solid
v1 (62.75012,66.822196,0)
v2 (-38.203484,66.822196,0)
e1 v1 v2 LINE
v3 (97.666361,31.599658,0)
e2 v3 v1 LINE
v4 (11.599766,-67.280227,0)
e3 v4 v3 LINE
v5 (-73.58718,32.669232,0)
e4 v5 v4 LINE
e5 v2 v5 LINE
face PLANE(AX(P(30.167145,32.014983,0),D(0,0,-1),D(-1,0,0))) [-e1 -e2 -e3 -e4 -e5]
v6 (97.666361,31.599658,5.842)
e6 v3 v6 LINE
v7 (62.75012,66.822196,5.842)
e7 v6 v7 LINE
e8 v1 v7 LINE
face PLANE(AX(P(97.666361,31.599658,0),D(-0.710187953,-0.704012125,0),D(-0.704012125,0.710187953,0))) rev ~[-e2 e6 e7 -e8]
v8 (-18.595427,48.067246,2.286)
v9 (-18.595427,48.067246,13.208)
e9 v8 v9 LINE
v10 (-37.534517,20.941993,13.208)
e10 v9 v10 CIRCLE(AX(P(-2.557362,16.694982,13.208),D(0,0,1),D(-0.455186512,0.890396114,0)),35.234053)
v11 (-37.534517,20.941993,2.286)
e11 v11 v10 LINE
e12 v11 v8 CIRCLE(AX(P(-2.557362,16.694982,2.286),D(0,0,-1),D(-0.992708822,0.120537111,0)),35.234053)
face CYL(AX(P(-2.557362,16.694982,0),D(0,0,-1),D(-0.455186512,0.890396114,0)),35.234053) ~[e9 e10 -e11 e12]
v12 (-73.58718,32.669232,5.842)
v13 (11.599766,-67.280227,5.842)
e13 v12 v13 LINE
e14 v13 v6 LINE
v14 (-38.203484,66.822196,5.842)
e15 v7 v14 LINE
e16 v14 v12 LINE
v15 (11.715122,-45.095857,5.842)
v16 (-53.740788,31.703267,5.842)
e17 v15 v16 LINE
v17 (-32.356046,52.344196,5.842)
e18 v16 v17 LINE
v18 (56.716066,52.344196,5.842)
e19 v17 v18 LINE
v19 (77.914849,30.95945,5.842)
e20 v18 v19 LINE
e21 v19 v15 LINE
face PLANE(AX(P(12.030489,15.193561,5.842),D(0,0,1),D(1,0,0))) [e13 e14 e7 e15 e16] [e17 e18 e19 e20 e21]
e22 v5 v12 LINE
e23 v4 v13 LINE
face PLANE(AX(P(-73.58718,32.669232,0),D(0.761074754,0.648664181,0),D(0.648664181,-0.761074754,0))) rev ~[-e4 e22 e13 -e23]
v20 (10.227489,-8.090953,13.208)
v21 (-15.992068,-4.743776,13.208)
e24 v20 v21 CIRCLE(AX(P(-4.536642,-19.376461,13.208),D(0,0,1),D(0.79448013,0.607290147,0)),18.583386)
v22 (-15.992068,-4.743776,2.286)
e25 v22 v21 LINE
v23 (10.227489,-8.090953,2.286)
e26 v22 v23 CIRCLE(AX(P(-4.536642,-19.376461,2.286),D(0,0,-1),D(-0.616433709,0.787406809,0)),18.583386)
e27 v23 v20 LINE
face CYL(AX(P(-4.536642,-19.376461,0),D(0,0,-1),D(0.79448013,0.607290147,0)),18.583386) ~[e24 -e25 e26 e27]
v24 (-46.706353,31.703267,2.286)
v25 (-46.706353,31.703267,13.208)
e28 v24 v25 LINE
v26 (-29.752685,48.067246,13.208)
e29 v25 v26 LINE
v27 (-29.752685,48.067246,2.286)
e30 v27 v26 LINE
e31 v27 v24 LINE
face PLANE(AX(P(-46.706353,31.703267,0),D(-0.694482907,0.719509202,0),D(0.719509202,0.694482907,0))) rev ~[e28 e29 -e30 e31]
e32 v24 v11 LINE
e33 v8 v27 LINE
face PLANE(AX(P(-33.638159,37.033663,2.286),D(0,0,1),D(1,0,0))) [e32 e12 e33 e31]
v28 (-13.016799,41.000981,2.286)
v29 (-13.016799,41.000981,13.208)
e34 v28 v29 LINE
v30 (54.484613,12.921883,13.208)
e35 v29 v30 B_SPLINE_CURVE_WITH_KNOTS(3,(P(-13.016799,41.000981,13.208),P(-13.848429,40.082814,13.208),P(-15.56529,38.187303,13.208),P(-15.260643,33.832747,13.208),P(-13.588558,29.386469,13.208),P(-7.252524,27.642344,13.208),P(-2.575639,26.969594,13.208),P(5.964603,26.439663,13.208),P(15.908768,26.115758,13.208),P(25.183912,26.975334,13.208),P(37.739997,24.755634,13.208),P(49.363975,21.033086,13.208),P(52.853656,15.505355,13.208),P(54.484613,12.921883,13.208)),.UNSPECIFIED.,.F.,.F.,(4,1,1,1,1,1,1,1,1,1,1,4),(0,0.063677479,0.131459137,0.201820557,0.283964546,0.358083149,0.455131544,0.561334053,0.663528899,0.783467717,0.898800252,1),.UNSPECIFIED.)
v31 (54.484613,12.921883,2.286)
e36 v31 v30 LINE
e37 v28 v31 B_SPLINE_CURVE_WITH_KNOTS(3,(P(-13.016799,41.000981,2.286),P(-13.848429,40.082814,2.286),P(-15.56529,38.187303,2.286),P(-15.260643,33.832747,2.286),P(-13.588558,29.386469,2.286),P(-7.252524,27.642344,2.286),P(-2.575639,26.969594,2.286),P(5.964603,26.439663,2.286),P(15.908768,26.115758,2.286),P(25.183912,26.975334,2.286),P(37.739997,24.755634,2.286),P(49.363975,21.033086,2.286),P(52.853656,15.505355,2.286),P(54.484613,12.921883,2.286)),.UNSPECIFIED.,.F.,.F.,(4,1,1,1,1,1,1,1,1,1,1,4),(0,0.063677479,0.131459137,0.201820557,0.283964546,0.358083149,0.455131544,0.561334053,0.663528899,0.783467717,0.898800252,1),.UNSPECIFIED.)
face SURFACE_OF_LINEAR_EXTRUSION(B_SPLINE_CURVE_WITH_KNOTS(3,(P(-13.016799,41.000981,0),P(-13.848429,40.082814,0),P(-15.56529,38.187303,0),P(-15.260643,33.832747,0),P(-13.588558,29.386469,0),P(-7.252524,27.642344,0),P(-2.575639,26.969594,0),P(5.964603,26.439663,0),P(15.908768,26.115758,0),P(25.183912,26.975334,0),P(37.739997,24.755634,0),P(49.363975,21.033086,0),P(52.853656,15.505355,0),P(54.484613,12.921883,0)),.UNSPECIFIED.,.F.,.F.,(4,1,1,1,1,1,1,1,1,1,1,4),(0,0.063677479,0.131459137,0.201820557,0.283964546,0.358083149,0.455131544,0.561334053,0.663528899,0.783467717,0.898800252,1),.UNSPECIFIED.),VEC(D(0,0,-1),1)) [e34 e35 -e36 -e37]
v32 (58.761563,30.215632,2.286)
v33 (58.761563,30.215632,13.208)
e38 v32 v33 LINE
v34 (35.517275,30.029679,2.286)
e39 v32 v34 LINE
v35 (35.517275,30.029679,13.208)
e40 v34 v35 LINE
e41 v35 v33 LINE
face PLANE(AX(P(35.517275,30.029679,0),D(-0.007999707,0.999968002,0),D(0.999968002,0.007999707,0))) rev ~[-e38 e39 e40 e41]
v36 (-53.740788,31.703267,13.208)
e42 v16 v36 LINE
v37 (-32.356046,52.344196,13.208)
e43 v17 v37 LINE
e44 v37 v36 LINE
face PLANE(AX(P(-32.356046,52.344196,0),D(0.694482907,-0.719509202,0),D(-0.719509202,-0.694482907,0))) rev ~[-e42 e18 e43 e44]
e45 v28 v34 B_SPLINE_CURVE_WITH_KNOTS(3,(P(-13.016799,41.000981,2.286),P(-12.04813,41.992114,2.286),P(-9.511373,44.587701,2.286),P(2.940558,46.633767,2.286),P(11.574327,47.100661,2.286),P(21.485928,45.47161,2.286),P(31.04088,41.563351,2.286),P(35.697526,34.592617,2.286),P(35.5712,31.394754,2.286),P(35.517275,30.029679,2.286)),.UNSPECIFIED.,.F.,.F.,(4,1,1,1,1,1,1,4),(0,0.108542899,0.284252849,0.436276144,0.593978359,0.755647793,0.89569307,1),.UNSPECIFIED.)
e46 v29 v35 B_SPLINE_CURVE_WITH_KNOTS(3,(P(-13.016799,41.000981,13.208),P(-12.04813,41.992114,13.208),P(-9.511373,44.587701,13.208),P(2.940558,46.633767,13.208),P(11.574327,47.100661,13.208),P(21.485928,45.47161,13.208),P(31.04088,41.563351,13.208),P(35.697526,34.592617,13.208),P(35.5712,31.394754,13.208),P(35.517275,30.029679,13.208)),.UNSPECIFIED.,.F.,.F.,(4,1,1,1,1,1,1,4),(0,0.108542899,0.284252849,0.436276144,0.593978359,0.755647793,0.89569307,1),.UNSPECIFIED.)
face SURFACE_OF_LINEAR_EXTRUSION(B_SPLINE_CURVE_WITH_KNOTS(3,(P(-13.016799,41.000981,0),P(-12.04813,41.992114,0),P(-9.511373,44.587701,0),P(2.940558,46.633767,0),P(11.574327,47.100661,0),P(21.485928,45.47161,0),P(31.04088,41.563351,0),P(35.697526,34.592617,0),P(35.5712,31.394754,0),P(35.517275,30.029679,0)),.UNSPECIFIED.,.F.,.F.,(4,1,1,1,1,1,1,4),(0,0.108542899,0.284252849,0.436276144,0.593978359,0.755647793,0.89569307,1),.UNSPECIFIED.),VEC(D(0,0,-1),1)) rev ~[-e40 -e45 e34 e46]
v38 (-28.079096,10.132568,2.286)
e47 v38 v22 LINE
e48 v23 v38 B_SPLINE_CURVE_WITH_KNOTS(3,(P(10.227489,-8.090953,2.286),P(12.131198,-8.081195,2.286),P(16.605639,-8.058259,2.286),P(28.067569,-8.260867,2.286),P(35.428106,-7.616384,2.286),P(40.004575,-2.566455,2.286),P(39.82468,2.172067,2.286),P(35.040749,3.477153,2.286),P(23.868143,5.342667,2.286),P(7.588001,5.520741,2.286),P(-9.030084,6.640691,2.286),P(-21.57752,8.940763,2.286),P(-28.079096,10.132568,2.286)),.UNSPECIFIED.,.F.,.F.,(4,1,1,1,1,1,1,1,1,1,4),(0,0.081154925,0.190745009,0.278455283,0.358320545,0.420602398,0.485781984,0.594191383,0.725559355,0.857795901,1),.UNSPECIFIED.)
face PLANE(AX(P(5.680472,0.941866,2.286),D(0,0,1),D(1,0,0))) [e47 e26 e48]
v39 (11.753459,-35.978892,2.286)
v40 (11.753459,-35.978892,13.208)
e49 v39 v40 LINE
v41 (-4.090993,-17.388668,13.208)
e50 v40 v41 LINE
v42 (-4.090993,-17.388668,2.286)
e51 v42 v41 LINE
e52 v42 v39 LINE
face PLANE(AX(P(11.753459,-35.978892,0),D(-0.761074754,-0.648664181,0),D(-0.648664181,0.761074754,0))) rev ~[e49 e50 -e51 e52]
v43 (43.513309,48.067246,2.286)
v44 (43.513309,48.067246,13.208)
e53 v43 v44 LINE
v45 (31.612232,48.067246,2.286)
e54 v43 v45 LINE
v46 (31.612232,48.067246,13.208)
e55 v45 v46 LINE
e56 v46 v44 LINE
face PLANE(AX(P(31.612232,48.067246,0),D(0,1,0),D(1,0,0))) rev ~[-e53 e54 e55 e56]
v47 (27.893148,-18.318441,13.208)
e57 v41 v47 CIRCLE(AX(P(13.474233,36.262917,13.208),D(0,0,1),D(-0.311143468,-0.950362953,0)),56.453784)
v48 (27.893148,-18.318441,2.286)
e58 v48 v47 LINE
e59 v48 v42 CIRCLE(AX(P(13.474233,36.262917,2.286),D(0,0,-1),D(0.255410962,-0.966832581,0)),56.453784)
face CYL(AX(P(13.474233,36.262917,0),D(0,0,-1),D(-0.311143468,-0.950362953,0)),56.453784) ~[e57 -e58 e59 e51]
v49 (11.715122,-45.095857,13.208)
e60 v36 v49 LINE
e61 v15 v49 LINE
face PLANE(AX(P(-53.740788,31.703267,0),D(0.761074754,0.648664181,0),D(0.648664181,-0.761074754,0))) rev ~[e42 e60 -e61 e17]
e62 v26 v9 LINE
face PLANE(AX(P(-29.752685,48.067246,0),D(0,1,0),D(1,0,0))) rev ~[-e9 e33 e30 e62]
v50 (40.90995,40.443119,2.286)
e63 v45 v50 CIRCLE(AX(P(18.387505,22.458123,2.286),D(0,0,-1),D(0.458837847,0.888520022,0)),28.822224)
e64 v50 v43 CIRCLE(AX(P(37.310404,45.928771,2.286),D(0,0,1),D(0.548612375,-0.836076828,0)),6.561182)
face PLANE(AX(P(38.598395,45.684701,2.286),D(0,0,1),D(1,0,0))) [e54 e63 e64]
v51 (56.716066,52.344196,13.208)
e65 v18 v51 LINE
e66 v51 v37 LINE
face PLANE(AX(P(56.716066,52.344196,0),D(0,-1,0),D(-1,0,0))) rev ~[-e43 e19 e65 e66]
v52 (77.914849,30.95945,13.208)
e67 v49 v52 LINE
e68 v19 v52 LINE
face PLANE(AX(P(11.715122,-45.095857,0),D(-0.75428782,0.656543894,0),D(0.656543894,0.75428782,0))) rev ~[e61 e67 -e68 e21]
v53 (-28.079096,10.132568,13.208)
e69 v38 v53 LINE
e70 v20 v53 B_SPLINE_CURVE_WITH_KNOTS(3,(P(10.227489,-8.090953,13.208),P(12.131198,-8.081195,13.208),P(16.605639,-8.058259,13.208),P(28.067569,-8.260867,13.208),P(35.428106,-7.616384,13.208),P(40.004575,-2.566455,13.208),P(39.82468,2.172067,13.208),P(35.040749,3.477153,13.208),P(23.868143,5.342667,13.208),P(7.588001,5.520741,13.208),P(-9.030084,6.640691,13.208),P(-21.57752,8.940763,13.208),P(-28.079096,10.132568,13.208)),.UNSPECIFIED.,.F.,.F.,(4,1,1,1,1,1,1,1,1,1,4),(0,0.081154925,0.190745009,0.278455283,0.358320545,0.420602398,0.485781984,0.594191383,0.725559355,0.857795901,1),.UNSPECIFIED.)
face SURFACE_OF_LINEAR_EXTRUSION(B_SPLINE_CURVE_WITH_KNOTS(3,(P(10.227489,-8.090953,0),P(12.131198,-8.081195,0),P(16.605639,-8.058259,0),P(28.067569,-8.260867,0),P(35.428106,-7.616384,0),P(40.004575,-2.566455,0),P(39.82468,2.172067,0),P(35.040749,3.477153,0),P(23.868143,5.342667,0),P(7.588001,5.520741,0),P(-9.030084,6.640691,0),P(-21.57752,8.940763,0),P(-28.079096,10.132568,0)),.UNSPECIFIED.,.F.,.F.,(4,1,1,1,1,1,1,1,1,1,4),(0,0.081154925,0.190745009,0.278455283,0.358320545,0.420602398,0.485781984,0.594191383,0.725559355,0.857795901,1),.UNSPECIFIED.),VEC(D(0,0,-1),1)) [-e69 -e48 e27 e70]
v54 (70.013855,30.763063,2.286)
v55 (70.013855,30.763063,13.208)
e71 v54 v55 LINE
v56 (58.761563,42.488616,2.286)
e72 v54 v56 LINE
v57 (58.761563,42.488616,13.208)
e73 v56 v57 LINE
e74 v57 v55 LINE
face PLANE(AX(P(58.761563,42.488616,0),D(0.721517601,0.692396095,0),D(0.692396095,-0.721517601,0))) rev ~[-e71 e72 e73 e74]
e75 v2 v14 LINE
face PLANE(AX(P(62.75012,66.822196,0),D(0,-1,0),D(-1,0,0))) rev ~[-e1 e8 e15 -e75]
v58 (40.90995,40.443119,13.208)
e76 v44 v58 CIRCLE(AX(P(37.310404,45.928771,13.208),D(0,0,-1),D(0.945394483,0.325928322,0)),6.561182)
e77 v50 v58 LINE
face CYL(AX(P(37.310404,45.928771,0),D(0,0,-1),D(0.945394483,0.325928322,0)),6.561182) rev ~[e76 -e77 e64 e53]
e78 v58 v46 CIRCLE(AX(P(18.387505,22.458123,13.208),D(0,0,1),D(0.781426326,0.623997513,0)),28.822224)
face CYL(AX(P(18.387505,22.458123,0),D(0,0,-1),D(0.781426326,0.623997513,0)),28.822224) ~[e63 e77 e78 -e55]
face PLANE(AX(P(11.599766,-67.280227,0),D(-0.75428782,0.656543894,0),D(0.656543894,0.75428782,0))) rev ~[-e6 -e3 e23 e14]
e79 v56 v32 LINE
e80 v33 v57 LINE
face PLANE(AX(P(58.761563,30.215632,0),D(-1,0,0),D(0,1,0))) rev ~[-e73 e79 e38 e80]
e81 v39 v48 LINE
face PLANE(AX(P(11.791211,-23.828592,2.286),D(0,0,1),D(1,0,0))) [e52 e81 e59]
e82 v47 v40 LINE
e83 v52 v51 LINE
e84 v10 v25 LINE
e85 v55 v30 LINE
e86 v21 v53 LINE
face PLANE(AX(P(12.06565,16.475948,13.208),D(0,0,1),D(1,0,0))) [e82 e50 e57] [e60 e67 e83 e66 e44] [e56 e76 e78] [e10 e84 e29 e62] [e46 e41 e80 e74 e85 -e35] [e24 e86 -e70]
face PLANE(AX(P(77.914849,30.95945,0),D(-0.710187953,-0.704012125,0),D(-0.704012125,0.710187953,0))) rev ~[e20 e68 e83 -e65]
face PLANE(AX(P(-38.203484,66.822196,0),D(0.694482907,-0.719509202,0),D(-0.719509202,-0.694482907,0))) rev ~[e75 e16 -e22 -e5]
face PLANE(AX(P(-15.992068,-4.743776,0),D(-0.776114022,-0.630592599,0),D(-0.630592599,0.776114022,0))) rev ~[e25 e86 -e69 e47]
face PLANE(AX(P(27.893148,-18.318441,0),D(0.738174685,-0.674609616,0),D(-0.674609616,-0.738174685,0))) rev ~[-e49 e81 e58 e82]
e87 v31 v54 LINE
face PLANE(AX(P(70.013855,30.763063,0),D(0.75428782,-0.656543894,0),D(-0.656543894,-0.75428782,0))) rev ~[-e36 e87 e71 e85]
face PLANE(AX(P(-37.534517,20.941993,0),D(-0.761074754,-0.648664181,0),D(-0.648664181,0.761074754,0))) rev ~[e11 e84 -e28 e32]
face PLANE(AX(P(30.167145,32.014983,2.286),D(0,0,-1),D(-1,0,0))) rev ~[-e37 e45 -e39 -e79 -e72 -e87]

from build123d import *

# Parameters (mm, degrees)
F1_DEPTH = 13.208
F3_DEPTH = 5.842
F4_DEPTH = 2.286


with BuildPart() as f1:
    # F0 (on Top) → F1 (new body)
    with BuildSketch(Plane.XY):
        Polygon((-32.3560461402, 52.3441955447), (-53.7407882512, 31.7032672465), (11.7151224986, -45.0958572328), (77.9148489237, 30.9594497085), (56.7160658538, 52.3441955447), align=None)
        with BuildLine():
            Line((11.7534588652, -35.9788919642), (-4.0909931995, -17.3886679113))
            ThreePointArc((-4.0909931995, -17.3886679113), (11.8338253195, -20.1670289266), (27.8931483626, -18.3184407651))
            Line((27.8931483626, -18.3184407651), (11.7534588652, -35.9788919642))
        make_face(mode=Mode.SUBTRACT)
        with BuildLine():
            Line((-15.9920677543, -4.7437758185), (-28.0790962279, 10.132567957))
            add(Edge.make_bspline(
                [(10.2274892852, -8.0909533426), (12.1311980321, -8.0811949568), (16.6056392449, -8.0582590306), (28.0675694172, -8.260866764), (35.4281055247, -7.6163836537), (40.0045754864, -2.566455147), (39.8246795693, 2.1720673748), (35.0407493301, 3.4771529183), (23.8681432212, 5.3426673719), (7.5880009118, 5.5207412488), (-9.0300836632, 6.6406913012), (-21.5775197413, 8.9407632332), (-28.0790962279, 10.132567957)],
                knots=[0, 0, 0, 0, 0.0811549252, 0.1907450089, 0.2784552829, 0.3583205454, 0.4206023983, 0.4857819839, 0.5941913826, 0.7255593555, 0.8577959011, 1, 1, 1, 1], degree=3))
            ThreePointArc((10.2274892852, -8.0909533426), (-2.1833926559, -0.9426747631), (-15.9920677543, -4.7437758185))
        make_face(mode=Mode.SUBTRACT)
        with BuildLine():
            Line((-29.7526847571, 48.0672456324), (-18.5954272747, 48.0672456324))
            ThreePointArc((-18.5954272747, 48.0672456324), (-31.4465122391, 36.8656402663), (-37.5345167614, 20.9419928048))
            Line((-37.5345167614, 20.9419928048), (-46.7063533439, 31.7032672465))
            Line((-46.7063533439, 31.7032672465), (-29.7526847571, 48.0672456324))
        make_face(mode=Mode.SUBTRACT)
        with BuildLine():
            add(Edge.make_bspline(
                [(-13.0167985335, 41.0009808838), (-13.8484287107, 40.082814319), (-15.565289774, 38.1873029874), (-15.2606426357, 33.832747479), (-13.5885583121, 29.386468667), (-7.2525242916, 27.6423436933), (-2.5756386001, 26.9695936321), (5.9646033503, 26.4396631967), (15.9087676241, 26.1157582849), (25.1839117973, 26.9753343414), (37.7399966402, 24.7556338977), (49.363974562, 21.0330861798), (52.8536560426, 15.5053545774), (54.4846132398, 12.9218827933)],
                knots=[0, 0, 0, 0, 0.0636774795, 0.1314591366, 0.201820557, 0.2839645461, 0.3580831489, 0.4551315435, 0.5613340532, 0.6635288988, 0.7834677165, 0.8988002521, 1, 1, 1, 1], degree=3))
            add(Edge.make_bspline(
                [(-13.0167985335, 41.0009808838), (-12.0481296696, 41.9921143662), (-9.5113733669, 44.5877011576), (2.9405575009, 46.6337667098), (11.5743267132, 47.1006613705), (21.4859282328, 45.4716097171), (31.0408798749, 41.5633506366), (35.6975262534, 34.5926167833), (35.5712002648, 31.3947542592), (35.5172753334, 30.0296787173)],
                knots=[0, 0, 0, 0, 0.1085428993, 0.2842528487, 0.4362761442, 0.593978359, 0.7556477926, 0.8956930701, 1, 1, 1, 1], degree=3))
            Line((35.5172753334, 30.0296787173), (58.7615631521, 30.2156321704))
            Line((58.7615631521, 30.2156321704), (58.7615631521, 42.4886159599))
            Line((58.7615631521, 42.4886159599), (70.0138553039, 30.763063347))
            Line((70.0138553039, 30.763063347), (54.4846132398, 12.9218827933))
        make_face(mode=Mode.SUBTRACT)
        with BuildLine():
            ThreePointArc((40.9099496901, 40.4431186616), (36.6630872067, 44.7454214943), (31.6122323275, 48.0672456324))
            Line((31.6122323275, 48.0672456324), (43.5133092105, 48.0672456324))
            ThreePointArc((43.5133092105, 48.0672456324), (43.519577812, 43.8085657891), (40.9099496901, 40.4431186616))
        make_face(mode=Mode.SUBTRACT)
    extrude(amount=F1_DEPTH)

    # F2 (on Top) → F3 (join)
    with BuildSketch(Plane.XY):
        Polygon((-73.5871798547, 32.6692324465), (11.5997663014, -67.2802267683), (97.6663614689, 31.5996578829), (62.750120097, 66.8221961218), (-38.2034844139, 66.8221961218), align=None)
        Polygon((11.7151224986, -45.0958572328), (-53.7407882512, 31.7032672465), (-32.3560461402, 52.3441955447), (56.7160658538, 52.3441955447), (77.9148489237, 30.9594497085), align=None, mode=Mode.SUBTRACT)
    extrude(amount=F3_DEPTH)

    # F0 (on Top) → F4 (join)
    with BuildSketch(Plane.XY):
        with BuildLine():
            add(Edge.make_bspline(
                [(-13.0167985335, 41.0009808838), (-12.0481296696, 41.9921143662), (-9.5113733669, 44.5877011576), (2.9405575009, 46.6337667098), (11.5743267132, 47.1006613705), (21.4859282328, 45.4716097171), (31.0408798749, 41.5633506366), (35.6975262534, 34.5926167833), (35.5712002648, 31.3947542592), (35.5172753334, 30.0296787173)],
                knots=[0, 0, 0, 0, 0.1085428993, 0.2842528487, 0.4362761442, 0.593978359, 0.7556477926, 0.8956930701, 1, 1, 1, 1], degree=3))
            add(Edge.make_bspline(
                [(-13.0167985335, 41.0009808838), (-13.8484287107, 40.082814319), (-15.565289774, 38.1873029874), (-15.2606426357, 33.832747479), (-13.5885583121, 29.386468667), (-7.2525242916, 27.6423436933), (-2.5756386001, 26.9695936321), (5.9646033503, 26.4396631967), (15.9087676241, 26.1157582849), (25.1839117973, 26.9753343414), (37.7399966402, 24.7556338977), (49.363974562, 21.0330861798), (52.8536560426, 15.5053545774), (54.4846132398, 12.9218827933)],
                knots=[0, 0, 0, 0, 0.0636774795, 0.1314591366, 0.201820557, 0.2839645461, 0.3580831489, 0.4551315435, 0.5613340532, 0.6635288988, 0.7834677165, 0.8988002521, 1, 1, 1, 1], degree=3))
            Line((54.4846132398, 12.9218827933), (70.0138553039, 30.763063347))
            Line((70.0138553039, 30.763063347), (58.7615631521, 42.4886159599))
            Line((58.7615631521, 42.4886159599), (58.7615631521, 30.2156321704))
            Line((58.7615631521, 30.2156321704), (35.5172753334, 30.0296787173))
        make_face()
        with BuildLine():
            ThreePointArc((-37.5345167614, 20.9419928048), (-31.4465122391, 36.8656402663), (-18.5954272747, 48.0672456324))
            Line((-18.5954272747, 48.0672456324), (-29.7526847571, 48.0672456324))
            Line((-29.7526847571, 48.0672456324), (-46.7063533439, 31.7032672465))
            Line((-46.7063533439, 31.7032672465), (-37.5345167614, 20.9419928048))
        make_face()
        with BuildLine():
            Line((43.5133092105, 48.0672456324), (31.6122323275, 48.0672456324))
            ThreePointArc((31.6122323275, 48.0672456324), (36.6630872067, 44.7454214943), (40.9099496901, 40.4431186616))
            ThreePointArc((40.9099496901, 40.4431186616), (43.519577812, 43.8085657891), (43.5133092105, 48.0672456324))
        make_face()
        with BuildLine():
            add(Edge.make_bspline(
                [(10.2274892852, -8.0909533426), (12.1311980321, -8.0811949568), (16.6056392449, -8.0582590306), (28.0675694172, -8.260866764), (35.4281055247, -7.6163836537), (40.0045754864, -2.566455147), (39.8246795693, 2.1720673748), (35.0407493301, 3.4771529183), (23.8681432212, 5.3426673719), (7.5880009118, 5.5207412488), (-9.0300836632, 6.6406913012), (-21.5775197413, 8.9407632332), (-28.0790962279, 10.132567957)],
                knots=[0, 0, 0, 0, 0.0811549252, 0.1907450089, 0.2784552829, 0.3583205454, 0.4206023983, 0.4857819839, 0.5941913826, 0.7255593555, 0.8577959011, 1, 1, 1, 1], degree=3))
            Line((-28.0790962279, 10.132567957), (-15.9920677543, -4.7437758185))
            ThreePointArc((-15.9920677543, -4.7437758185), (-2.1833926559, -0.9426747631), (10.2274892852, -8.0909533426))
        make_face()
        with BuildLine():
            ThreePointArc((27.8931483626, -18.3184407651), (11.8338253195, -20.1670289266), (-4.0909931995, -17.3886679113))
            Line((-4.0909931995, -17.3886679113), (11.7534588652, -35.9788919642))
            Line((11.7534588652, -35.9788919642), (27.8931483626, -18.3184407651))
        make_face()
    extrude(amount=F4_DEPTH)


solid = f1.part
